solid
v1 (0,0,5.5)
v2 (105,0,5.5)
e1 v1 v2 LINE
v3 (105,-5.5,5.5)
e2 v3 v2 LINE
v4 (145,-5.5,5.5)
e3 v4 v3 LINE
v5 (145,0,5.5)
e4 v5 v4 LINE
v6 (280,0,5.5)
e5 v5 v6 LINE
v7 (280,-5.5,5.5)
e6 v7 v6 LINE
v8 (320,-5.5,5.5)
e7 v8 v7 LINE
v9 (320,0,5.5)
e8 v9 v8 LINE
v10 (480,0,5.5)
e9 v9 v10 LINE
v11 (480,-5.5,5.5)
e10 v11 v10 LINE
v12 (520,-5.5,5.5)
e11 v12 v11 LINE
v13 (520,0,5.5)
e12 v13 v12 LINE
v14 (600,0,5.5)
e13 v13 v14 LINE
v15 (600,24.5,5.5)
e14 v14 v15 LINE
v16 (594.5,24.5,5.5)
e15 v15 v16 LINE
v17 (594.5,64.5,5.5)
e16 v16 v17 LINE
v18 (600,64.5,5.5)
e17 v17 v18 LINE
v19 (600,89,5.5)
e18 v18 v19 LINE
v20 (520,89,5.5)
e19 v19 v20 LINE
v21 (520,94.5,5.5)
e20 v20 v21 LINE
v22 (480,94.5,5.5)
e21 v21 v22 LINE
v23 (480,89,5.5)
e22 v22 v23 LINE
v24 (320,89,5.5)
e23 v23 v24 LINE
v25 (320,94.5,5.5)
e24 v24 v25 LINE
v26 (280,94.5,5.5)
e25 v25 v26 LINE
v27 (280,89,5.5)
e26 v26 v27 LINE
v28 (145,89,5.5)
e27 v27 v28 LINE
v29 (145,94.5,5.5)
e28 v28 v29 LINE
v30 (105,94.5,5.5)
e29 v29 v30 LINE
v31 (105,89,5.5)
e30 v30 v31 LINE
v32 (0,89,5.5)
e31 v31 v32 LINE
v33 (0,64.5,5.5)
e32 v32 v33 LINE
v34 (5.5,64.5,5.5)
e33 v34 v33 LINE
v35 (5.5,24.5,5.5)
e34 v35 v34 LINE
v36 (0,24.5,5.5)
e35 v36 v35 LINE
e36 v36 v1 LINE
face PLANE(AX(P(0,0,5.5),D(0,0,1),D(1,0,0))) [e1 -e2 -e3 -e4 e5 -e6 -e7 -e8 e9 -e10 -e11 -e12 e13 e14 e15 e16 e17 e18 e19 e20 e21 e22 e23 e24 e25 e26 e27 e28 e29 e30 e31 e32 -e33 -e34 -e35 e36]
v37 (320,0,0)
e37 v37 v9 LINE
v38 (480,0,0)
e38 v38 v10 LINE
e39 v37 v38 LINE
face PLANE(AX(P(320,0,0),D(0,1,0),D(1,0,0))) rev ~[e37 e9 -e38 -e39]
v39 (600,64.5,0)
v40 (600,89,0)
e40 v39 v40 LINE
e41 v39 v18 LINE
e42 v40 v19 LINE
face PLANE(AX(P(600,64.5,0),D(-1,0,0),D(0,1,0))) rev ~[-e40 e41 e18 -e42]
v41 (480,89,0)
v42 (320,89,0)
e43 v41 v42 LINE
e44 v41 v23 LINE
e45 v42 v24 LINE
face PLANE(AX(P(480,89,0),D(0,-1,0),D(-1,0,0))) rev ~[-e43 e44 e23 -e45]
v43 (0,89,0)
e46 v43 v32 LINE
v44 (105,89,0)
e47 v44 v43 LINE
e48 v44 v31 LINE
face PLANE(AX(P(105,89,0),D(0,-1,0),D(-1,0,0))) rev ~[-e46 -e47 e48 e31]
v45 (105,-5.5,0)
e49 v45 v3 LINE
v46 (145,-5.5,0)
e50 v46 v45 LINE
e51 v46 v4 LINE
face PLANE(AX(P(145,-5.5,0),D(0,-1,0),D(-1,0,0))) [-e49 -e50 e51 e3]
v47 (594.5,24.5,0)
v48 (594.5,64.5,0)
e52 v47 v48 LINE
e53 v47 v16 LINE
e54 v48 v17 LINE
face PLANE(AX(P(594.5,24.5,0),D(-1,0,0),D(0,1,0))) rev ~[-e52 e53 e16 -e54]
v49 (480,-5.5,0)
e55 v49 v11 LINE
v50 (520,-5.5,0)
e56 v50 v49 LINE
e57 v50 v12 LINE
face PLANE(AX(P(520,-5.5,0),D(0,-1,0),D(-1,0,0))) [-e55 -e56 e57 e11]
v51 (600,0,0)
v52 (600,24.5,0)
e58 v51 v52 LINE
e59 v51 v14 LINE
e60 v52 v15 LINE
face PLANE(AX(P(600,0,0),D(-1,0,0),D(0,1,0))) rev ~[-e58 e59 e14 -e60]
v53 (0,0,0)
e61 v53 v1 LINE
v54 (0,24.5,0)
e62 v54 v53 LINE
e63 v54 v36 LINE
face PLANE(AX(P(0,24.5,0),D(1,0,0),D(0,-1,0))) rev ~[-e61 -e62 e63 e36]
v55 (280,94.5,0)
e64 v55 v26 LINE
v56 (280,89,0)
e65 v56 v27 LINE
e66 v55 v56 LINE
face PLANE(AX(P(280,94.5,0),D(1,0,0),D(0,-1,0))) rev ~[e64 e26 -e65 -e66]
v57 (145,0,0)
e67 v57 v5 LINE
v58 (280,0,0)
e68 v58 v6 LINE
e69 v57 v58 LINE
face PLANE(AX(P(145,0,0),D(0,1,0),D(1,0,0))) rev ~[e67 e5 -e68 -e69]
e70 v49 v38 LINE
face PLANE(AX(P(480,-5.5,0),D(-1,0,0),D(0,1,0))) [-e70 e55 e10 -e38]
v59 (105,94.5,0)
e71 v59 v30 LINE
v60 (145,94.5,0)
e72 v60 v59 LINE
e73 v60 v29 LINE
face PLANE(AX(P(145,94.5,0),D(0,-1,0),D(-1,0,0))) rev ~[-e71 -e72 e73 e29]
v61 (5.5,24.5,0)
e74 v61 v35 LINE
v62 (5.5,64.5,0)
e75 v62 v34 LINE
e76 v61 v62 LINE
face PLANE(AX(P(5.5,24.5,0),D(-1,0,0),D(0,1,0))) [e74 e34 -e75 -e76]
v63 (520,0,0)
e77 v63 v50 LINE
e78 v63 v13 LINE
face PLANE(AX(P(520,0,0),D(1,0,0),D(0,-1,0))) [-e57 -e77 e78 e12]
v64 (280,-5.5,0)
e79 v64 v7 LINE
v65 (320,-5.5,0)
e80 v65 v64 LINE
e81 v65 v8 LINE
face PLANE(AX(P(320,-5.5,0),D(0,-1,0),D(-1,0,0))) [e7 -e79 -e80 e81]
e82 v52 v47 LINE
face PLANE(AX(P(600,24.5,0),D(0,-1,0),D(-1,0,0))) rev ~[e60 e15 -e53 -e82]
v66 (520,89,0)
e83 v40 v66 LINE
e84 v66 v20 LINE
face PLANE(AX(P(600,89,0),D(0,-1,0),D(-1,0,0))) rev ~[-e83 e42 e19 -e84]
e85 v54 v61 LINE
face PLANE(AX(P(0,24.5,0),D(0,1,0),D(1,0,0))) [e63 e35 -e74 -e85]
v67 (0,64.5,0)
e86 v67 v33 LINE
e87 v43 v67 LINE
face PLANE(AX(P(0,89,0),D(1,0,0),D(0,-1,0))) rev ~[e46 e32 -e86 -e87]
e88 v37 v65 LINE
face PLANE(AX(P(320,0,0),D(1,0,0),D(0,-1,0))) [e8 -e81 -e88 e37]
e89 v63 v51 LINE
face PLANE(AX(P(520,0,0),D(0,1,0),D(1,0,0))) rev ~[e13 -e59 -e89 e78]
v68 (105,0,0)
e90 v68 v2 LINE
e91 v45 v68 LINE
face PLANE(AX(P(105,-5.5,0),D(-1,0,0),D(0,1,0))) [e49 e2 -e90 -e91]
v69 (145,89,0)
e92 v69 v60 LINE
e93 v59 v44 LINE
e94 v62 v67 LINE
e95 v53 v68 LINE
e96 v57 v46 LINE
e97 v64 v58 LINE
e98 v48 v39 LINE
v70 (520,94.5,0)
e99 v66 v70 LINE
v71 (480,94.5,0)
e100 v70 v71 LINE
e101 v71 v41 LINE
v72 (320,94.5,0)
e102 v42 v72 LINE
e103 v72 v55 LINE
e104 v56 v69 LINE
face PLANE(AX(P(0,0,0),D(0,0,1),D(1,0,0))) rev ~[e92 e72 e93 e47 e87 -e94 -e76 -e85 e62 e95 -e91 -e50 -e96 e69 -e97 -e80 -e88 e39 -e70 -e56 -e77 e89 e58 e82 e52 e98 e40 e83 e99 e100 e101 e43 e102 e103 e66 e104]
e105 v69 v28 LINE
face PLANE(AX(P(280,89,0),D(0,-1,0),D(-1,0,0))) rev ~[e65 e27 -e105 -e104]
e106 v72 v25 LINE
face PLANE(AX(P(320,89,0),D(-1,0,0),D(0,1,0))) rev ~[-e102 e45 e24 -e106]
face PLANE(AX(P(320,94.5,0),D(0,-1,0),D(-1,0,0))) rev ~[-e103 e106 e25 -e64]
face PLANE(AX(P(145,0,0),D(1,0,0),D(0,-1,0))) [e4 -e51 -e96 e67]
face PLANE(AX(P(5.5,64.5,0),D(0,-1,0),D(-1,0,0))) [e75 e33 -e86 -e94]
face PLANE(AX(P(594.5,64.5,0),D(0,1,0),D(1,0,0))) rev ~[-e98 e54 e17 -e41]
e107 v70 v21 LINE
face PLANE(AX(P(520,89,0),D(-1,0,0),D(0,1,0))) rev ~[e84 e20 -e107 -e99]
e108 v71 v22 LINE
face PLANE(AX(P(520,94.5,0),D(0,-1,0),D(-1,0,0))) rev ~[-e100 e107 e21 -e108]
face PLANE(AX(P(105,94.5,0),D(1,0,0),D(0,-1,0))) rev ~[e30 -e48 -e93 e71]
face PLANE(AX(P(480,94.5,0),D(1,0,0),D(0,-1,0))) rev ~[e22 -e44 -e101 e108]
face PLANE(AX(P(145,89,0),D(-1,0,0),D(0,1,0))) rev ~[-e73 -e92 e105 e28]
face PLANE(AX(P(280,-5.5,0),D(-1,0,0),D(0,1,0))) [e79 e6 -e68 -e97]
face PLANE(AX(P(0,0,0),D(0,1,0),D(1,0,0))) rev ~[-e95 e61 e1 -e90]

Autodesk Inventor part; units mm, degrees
ref_plane "YZ Plane" through (0, 0, 0) normal (1, 0, 0) x (0, 1, 0)
ref_plane "XZ Plane" through (0, 0, 0) normal (0, 1, 0) x (-1, 0, 0)
ref_plane "XY Plane" through (0, 0, 0) normal (0, 0, 1) x (1, 0, 0)
sketch "Sketch1" plane through (0, 0, 0) normal (0, 0, 1) x (1, 0, 0)
  line L0 (0, 0) -> (600, 0)
  line L1 (600, 0) -> (600, 89)
  line L2 (600, 89) -> (0, 89)
  line L3 (0, 89) -> (0, 0)
  line L4 (105, 0) -> (145, 0)
  line L5 (145, 0) -> (145, -5.5)
  line L6 (145, -5.5) -> (105, -5.5)
  line L7 (105, -5.5) -> (105, 0)
  line L8 (280, 0) -> (320, 0)
  line L9 (320, 0) -> (320, -5.5)
  line L10 (320, -5.5) -> (280, -5.5)
  line L11 (280, -5.5) -> (280, 0)
  line L12 (480, 0) -> (520, 0)
  line L13 (520, 0) -> (520, -5.5)
  line L14 (520, -5.5) -> (480, -5.5)
  line L15 (480, -5.5) -> (480, 0)
  line L16 (105, 89) -> (145, 89)
  line L17 (145, 89) -> (145, 94.5)
  line L18 (145, 94.5) -> (105, 94.5)
  line L19 (105, 94.5) -> (105, 89)
  line L20 (280, 89) -> (320, 89)
  line L21 (320, 89) -> (320, 94.5)
  line L22 (320, 94.5) -> (280, 94.5)
  line L23 (280, 94.5) -> (280, 89)
  line L24 (480, 89) -> (520, 89)
  line L25 (520, 89) -> (520, 94.5)
  line L26 (520, 94.5) -> (480, 94.5)
  line L27 (480, 94.5) -> (480, 89)
  line L28 (0, 24.5) -> (5.5, 24.5)
  line L29 (5.5, 24.5) -> (5.5, 64.5)
  line L30 (5.5, 64.5) -> (0, 64.5)
  line L31 (0, 64.5) -> (0, 24.5)
  line L32 (600, 24.5) -> (594.5, 24.5)
  line L33 (594.5, 24.5) -> (594.5, 64.5)
  line L34 (594.5, 64.5) -> (600, 64.5)
  line L35 (600, 64.5) -> (600, 24.5)
  dimension "d0" = 600
  dimension "d1" = 89
  dimension "d2" = 40
  dimension "d3" = 5.5
  dimension "d4" = 40
  dimension "d5" = 5.5
  dimension "d6" = 40
  dimension "d7" = 5.5
  dimension "d8" = 5.5
  dimension "d9" = 40
  dimension "d10" = 5.5
  dimension "d11" = 40
extrude "Extrusion1" add sketch "Sketch1" along normal blind 5.5 contours L3 L28 L29 L30 L2 L1 L34 L33 L32 L0 | L0 L5 L6 L7 | L0 L9 L10 L11 | L19 L18 L17 L2 | L0 L13 L14 L15 | L23 L22 L21 L2 | L27 L26 L25 L2
properties part number "techo"
